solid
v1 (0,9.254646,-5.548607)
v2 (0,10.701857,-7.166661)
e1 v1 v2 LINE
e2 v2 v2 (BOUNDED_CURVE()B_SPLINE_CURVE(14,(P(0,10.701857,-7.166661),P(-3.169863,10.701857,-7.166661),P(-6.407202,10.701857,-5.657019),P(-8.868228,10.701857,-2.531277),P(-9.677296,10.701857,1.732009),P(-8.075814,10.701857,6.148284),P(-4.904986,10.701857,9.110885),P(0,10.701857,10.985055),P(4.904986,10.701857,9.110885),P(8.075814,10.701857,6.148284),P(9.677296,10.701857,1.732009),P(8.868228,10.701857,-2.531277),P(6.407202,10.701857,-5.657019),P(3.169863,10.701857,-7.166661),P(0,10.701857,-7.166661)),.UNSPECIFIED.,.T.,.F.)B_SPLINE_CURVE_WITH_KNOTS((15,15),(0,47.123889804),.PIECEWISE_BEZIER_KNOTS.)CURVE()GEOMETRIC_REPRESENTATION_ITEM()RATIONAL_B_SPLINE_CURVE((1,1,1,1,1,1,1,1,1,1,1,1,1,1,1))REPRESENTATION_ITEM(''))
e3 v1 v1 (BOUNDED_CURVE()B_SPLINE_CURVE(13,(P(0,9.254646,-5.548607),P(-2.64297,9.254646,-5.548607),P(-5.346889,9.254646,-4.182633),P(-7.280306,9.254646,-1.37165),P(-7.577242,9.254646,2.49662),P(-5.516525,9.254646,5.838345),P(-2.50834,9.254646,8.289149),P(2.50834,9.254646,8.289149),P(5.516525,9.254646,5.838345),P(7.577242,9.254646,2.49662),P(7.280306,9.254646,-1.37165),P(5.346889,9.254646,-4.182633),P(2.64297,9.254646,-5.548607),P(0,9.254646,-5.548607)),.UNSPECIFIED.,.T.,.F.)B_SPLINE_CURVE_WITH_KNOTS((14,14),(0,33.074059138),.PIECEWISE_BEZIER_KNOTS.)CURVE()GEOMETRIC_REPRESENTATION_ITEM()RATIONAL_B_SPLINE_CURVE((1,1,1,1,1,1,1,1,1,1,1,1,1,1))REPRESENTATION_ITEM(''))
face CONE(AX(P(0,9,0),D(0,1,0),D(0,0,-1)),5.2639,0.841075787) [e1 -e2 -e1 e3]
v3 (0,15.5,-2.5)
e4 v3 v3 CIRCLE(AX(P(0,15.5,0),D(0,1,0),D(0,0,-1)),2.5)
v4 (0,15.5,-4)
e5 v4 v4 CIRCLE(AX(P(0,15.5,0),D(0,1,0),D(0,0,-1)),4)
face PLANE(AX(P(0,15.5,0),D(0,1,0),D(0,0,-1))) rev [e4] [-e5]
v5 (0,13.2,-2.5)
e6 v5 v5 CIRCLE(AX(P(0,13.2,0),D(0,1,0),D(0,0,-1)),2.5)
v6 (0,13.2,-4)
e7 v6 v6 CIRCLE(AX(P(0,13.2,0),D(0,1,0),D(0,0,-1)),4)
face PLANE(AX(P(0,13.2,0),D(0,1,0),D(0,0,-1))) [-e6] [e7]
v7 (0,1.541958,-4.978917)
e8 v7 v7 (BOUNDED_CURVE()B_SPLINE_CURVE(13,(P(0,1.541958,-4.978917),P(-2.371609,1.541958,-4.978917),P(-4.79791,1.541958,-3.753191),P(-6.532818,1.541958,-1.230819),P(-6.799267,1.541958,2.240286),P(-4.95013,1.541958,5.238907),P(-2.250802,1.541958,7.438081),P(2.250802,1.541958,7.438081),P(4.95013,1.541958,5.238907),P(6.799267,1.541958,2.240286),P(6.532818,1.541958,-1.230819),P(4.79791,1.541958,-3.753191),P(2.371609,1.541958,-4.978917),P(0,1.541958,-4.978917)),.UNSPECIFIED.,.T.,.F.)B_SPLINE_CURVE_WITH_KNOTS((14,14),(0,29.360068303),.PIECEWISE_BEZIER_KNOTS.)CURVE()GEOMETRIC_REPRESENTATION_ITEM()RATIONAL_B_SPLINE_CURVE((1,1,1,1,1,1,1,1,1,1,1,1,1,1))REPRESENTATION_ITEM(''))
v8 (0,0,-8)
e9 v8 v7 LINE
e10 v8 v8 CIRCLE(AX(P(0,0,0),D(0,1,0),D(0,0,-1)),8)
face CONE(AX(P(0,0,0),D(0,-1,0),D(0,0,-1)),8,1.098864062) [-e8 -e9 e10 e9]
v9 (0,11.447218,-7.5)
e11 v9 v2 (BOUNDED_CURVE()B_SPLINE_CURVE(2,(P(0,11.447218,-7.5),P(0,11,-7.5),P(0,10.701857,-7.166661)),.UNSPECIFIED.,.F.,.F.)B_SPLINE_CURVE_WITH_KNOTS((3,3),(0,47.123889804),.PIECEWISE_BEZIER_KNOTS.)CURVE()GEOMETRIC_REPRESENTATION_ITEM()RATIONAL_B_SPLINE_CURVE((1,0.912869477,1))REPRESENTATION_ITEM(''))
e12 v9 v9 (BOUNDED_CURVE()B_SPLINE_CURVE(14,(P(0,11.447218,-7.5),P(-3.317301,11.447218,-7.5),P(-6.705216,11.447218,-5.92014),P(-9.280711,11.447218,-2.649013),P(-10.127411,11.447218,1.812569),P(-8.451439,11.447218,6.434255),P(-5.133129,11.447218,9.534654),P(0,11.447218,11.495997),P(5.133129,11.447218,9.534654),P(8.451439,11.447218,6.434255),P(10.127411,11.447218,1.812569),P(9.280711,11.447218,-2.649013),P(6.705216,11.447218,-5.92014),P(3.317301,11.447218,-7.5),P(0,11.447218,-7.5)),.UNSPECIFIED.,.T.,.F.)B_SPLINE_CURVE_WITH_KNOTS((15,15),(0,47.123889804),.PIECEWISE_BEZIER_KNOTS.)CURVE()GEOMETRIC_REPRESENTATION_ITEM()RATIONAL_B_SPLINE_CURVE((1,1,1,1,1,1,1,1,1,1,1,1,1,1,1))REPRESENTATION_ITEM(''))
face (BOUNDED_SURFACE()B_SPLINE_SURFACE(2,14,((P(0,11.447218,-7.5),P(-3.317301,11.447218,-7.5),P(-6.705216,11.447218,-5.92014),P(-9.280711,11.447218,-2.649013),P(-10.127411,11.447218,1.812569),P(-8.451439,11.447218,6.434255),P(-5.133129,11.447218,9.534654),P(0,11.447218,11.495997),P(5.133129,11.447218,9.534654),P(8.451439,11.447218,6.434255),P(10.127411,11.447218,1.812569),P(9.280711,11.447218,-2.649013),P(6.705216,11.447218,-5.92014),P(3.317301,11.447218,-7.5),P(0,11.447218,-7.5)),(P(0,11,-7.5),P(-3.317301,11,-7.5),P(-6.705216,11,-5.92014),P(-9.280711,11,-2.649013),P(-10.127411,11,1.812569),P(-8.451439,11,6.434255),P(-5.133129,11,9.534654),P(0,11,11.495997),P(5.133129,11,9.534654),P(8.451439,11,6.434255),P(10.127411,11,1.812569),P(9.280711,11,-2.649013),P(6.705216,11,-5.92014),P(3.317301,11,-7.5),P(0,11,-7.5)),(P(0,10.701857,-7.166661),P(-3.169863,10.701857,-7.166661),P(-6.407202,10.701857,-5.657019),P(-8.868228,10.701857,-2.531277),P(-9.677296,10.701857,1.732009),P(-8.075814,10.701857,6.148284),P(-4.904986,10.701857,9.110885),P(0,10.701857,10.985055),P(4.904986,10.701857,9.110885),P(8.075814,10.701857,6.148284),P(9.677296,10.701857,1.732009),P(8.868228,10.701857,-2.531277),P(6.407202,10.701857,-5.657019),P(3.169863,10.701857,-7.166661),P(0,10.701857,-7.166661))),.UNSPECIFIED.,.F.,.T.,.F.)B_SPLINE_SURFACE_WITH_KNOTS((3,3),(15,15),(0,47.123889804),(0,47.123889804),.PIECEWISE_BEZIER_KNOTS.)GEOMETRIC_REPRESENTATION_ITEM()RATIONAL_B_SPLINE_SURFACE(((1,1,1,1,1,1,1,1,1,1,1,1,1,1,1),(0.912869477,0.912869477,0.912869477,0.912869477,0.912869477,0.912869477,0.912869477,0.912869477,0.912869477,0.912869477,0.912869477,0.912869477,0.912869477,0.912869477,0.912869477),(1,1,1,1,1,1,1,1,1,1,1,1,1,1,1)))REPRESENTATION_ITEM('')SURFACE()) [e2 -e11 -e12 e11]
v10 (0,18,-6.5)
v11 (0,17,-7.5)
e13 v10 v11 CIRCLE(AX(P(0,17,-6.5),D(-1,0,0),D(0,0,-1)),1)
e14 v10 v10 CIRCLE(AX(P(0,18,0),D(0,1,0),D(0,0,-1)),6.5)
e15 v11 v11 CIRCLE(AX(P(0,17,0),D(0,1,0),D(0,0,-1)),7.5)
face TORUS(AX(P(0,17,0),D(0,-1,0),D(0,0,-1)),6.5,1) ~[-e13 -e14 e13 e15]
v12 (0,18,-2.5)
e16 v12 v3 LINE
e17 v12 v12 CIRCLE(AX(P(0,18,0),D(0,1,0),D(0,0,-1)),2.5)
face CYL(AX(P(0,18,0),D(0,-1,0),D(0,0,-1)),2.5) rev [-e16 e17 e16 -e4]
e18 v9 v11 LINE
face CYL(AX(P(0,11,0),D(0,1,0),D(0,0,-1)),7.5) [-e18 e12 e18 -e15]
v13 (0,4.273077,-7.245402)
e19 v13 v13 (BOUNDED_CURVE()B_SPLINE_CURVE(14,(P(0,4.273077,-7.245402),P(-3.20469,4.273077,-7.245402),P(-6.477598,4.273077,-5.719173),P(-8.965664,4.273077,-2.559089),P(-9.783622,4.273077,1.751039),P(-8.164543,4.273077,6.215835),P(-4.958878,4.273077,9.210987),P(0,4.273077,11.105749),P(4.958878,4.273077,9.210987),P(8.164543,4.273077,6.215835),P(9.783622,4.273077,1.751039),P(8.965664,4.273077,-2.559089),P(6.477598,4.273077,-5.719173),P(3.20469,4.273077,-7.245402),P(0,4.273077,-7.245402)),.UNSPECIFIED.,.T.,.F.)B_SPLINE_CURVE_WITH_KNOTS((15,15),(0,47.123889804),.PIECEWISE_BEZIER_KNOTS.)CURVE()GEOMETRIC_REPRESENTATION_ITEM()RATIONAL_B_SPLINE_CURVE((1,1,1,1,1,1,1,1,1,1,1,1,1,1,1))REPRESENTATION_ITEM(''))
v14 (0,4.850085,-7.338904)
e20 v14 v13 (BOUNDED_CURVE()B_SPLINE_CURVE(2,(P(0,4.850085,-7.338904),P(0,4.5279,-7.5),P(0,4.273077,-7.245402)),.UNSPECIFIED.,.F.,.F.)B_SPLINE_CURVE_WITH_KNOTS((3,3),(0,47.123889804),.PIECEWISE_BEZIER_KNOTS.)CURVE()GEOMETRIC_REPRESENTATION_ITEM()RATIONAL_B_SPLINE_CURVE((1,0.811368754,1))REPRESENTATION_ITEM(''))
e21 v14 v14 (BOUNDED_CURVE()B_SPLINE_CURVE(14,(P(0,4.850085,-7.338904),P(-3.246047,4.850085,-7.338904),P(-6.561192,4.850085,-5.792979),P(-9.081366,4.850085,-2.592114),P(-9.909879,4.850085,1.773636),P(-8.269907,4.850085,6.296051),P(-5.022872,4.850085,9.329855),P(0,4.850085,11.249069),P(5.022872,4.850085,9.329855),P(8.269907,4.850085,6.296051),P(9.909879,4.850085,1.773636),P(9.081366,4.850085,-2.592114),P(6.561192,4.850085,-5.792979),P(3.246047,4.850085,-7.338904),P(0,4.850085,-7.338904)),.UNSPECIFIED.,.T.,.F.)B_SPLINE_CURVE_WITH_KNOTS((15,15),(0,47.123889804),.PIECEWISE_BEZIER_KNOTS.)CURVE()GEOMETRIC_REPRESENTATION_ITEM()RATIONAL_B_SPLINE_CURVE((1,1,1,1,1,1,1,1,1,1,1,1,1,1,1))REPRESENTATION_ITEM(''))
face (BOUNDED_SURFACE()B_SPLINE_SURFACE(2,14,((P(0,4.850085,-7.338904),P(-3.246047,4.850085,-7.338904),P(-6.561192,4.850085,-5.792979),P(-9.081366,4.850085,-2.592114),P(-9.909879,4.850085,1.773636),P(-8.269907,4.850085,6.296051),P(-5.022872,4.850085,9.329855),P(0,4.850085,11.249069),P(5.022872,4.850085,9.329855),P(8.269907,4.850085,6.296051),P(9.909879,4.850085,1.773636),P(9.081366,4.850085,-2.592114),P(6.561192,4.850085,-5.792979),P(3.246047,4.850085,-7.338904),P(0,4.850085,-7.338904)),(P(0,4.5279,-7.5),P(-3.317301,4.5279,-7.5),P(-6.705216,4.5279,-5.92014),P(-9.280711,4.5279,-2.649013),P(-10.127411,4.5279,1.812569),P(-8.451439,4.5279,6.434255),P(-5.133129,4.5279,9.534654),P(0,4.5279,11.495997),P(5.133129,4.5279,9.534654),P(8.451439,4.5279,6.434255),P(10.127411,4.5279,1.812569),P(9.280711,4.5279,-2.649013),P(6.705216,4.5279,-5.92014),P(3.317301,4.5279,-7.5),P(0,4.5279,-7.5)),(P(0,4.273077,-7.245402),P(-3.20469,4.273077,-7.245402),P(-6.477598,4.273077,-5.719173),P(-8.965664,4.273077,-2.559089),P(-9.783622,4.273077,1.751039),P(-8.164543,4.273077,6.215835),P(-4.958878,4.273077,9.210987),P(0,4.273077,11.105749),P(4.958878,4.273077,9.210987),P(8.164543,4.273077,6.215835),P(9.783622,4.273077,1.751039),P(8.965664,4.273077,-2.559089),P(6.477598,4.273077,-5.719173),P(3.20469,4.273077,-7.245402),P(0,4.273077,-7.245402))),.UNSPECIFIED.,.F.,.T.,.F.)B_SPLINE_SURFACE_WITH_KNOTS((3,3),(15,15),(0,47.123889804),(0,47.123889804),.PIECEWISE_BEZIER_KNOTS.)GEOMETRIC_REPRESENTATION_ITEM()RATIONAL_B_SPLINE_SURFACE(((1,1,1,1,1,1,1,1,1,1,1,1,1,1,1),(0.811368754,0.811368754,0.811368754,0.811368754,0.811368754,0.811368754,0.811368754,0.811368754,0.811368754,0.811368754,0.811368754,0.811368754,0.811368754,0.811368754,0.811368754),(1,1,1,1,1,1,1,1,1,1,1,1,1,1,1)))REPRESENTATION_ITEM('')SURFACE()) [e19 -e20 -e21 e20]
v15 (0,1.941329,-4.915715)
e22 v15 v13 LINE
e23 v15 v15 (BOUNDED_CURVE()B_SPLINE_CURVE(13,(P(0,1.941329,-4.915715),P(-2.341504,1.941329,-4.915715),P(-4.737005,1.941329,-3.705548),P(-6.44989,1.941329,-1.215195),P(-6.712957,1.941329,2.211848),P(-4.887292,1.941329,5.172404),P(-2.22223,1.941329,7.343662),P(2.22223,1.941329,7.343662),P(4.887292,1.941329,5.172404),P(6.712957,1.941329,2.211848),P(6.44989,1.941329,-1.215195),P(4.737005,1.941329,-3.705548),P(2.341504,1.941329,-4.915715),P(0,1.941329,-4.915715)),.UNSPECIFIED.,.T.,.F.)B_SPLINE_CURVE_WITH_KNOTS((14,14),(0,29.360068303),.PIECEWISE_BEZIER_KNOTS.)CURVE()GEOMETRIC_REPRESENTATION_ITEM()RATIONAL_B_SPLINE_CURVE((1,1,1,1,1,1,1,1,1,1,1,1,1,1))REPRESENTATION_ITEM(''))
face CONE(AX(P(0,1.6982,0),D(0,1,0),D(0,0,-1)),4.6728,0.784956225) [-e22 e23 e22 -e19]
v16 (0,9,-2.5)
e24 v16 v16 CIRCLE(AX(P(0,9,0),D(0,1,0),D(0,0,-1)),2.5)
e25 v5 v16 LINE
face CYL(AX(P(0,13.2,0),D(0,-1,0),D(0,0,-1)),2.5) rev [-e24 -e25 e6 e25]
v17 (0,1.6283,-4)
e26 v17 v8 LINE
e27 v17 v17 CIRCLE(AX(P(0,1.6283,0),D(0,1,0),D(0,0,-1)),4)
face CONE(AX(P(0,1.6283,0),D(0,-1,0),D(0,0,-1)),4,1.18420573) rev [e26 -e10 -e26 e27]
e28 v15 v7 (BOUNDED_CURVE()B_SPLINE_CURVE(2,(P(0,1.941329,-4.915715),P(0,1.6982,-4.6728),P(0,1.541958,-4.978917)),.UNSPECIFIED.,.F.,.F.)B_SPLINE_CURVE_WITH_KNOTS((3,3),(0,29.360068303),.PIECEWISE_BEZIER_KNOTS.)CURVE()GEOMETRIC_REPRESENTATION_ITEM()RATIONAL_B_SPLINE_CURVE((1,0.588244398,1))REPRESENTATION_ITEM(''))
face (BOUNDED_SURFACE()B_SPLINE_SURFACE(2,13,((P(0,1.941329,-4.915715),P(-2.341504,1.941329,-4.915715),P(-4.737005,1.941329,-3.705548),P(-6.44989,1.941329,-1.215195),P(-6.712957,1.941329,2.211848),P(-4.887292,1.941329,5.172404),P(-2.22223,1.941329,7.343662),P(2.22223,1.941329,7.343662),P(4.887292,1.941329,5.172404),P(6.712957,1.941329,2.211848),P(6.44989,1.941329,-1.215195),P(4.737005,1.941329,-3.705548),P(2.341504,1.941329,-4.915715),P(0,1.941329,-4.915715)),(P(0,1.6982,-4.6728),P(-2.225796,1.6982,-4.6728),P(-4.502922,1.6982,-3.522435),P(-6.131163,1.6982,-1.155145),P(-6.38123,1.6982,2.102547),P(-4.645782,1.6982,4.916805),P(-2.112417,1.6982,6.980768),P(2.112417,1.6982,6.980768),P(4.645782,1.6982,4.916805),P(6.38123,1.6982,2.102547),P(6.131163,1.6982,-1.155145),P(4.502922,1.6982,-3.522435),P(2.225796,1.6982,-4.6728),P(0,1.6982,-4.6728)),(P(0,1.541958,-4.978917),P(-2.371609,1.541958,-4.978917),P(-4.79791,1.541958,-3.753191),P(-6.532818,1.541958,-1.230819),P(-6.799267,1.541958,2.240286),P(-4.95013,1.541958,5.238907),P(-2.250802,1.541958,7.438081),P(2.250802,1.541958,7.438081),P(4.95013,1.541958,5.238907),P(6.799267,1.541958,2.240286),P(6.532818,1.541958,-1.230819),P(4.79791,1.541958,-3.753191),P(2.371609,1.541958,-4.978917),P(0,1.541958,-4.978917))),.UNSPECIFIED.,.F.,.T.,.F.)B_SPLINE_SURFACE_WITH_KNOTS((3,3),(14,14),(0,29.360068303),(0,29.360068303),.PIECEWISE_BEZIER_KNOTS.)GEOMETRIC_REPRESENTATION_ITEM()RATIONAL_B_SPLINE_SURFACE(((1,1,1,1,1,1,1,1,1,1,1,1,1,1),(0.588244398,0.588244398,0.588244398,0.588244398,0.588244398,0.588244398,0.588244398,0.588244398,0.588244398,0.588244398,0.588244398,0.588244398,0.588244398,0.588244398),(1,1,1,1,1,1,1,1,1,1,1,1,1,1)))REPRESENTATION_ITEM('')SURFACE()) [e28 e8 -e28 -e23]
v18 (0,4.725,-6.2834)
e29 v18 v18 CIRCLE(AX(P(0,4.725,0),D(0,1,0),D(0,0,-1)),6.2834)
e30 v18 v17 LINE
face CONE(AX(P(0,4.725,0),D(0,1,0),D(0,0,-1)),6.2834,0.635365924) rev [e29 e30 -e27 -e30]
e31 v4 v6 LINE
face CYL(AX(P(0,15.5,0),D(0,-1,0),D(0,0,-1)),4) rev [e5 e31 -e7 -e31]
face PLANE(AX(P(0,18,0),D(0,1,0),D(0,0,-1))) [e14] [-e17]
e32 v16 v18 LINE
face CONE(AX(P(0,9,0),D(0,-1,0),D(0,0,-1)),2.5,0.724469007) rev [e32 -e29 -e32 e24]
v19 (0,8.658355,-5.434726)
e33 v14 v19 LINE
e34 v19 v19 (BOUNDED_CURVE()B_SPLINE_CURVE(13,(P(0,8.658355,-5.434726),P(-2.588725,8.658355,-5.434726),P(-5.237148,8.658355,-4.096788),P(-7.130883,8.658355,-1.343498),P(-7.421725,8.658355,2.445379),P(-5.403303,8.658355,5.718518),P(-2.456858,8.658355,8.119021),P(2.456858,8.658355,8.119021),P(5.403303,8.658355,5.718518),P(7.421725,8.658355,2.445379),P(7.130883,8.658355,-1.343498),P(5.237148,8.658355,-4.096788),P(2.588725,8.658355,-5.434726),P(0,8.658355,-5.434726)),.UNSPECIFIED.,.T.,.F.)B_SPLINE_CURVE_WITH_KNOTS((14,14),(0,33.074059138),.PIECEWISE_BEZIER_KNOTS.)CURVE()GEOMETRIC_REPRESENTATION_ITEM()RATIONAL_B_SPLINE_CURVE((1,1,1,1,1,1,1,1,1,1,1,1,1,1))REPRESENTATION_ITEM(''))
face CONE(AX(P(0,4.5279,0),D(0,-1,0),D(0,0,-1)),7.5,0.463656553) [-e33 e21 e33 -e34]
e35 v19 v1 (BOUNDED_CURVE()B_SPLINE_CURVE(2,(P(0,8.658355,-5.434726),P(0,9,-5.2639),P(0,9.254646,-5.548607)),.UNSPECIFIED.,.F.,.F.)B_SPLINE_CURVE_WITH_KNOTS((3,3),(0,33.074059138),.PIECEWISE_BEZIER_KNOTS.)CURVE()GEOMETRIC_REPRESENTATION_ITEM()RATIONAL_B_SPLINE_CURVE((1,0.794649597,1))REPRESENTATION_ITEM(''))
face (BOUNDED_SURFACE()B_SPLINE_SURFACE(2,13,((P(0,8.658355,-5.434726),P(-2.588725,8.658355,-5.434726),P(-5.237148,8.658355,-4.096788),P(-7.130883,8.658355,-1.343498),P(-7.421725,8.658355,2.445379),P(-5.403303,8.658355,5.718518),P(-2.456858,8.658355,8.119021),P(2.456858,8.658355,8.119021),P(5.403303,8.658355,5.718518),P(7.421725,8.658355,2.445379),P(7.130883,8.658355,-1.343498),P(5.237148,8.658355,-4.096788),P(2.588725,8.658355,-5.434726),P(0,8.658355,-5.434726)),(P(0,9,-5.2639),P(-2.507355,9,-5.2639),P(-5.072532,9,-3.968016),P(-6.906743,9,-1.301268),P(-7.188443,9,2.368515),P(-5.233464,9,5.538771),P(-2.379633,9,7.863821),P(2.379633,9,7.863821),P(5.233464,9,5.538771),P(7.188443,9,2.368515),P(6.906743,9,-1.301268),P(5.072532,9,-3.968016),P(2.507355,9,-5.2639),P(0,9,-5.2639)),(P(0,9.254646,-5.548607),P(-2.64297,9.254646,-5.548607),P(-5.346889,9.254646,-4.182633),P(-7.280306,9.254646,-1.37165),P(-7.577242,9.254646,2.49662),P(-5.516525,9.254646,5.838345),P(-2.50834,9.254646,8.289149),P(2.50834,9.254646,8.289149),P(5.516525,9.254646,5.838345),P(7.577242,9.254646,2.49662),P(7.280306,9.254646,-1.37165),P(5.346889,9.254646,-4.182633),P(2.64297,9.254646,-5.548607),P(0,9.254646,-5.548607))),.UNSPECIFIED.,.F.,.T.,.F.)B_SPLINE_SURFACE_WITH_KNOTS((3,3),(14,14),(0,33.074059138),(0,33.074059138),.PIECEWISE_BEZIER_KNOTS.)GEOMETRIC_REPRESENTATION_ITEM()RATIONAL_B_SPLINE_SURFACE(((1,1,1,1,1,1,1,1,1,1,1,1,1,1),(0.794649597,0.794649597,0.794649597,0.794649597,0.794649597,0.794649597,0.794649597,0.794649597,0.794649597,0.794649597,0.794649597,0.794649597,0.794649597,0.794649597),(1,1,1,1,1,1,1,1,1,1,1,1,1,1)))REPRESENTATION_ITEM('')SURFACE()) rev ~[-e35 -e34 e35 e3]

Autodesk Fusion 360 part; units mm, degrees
sketch "Sketch1" plane through (0, 0, 0) normal (0, 1, 0) x (1, 0, 0)
sketch "Sketch2" plane through (0, 0, 0) normal (1, 0, 0) x (0, 0, -1)
  line L0 (8, 0) -> (4.6728, 1.6982)
  line L1 (4.6728, 1.6982) -> (7.5, 4.5279)
  line L2 (7.5, 4.5279) -> (5.2639, 9)
  line L3 (5.2639, 9) -> (7.5, 11)
  line L4 (7.5, 11) -> (7.5, 18)
  line L5 (7.5, 18) -> (2.5, 18)
  line L6 (2.5, 18) -> (2.5, 15.5)
  line L7 (2.5, 15.5) -> (4, 15.5)
  line L8 (4, 15.5) -> (4, 13.2)
  line L9 (4, 13.2) -> (2.5, 13.2)
  line L10 (2.5, 13.2) -> (2.5, 9)
  line L11 (2.5, 9) -> (6.2834, 4.725)
  line L12 (6.2834, 4.725) -> (4, 1.6283)
  line L13 (4, 1.6283) -> (8, 0)
  line L14 (0, 0) -> (0, 19.3777) construction
  dimension "d1" = 7.5
  dimension "d2" = 2.5
  dimension "d3" = 8
  dimension "d5" = 18
  dimension "d6" = 2.3
  dimension "d8" = 3
  dimension "d9" = 5
  dimension "d10" = 4
  dimension "d11" = 7
  dimension "d14" = 2.5
  dimension "d15" = 4
  dimension "d19" = 2
  dimension "d20" = 1
  dimension "d21" = 4
  dimension "d22" = 0.5
  dimension "d23" = 0.3681
  dimension "d24" = 1
revolve "Revolve1" add sketch "Sketch2" angle 360 about axis through (0, 0, 0) along (0, 1, 0)
fillet "Fillet1" radius 1 1 edges at (-6.9925, 18, -2.7121)
fillet "Fillet2" radius 1 1 edges at (-6.9925, 11, -2.7121)
fillet "Fillet2" radius 0.5 1 edges at (-6.9925, 4.5279, -2.7121)
fillet "Fillet3" radius 0.25 1 edges at (-4.3565, 1.6982, -1.6897)
fillet "Fillet4" radius 0.5 1 edges at (-4.9077, 9, -1.9035)
